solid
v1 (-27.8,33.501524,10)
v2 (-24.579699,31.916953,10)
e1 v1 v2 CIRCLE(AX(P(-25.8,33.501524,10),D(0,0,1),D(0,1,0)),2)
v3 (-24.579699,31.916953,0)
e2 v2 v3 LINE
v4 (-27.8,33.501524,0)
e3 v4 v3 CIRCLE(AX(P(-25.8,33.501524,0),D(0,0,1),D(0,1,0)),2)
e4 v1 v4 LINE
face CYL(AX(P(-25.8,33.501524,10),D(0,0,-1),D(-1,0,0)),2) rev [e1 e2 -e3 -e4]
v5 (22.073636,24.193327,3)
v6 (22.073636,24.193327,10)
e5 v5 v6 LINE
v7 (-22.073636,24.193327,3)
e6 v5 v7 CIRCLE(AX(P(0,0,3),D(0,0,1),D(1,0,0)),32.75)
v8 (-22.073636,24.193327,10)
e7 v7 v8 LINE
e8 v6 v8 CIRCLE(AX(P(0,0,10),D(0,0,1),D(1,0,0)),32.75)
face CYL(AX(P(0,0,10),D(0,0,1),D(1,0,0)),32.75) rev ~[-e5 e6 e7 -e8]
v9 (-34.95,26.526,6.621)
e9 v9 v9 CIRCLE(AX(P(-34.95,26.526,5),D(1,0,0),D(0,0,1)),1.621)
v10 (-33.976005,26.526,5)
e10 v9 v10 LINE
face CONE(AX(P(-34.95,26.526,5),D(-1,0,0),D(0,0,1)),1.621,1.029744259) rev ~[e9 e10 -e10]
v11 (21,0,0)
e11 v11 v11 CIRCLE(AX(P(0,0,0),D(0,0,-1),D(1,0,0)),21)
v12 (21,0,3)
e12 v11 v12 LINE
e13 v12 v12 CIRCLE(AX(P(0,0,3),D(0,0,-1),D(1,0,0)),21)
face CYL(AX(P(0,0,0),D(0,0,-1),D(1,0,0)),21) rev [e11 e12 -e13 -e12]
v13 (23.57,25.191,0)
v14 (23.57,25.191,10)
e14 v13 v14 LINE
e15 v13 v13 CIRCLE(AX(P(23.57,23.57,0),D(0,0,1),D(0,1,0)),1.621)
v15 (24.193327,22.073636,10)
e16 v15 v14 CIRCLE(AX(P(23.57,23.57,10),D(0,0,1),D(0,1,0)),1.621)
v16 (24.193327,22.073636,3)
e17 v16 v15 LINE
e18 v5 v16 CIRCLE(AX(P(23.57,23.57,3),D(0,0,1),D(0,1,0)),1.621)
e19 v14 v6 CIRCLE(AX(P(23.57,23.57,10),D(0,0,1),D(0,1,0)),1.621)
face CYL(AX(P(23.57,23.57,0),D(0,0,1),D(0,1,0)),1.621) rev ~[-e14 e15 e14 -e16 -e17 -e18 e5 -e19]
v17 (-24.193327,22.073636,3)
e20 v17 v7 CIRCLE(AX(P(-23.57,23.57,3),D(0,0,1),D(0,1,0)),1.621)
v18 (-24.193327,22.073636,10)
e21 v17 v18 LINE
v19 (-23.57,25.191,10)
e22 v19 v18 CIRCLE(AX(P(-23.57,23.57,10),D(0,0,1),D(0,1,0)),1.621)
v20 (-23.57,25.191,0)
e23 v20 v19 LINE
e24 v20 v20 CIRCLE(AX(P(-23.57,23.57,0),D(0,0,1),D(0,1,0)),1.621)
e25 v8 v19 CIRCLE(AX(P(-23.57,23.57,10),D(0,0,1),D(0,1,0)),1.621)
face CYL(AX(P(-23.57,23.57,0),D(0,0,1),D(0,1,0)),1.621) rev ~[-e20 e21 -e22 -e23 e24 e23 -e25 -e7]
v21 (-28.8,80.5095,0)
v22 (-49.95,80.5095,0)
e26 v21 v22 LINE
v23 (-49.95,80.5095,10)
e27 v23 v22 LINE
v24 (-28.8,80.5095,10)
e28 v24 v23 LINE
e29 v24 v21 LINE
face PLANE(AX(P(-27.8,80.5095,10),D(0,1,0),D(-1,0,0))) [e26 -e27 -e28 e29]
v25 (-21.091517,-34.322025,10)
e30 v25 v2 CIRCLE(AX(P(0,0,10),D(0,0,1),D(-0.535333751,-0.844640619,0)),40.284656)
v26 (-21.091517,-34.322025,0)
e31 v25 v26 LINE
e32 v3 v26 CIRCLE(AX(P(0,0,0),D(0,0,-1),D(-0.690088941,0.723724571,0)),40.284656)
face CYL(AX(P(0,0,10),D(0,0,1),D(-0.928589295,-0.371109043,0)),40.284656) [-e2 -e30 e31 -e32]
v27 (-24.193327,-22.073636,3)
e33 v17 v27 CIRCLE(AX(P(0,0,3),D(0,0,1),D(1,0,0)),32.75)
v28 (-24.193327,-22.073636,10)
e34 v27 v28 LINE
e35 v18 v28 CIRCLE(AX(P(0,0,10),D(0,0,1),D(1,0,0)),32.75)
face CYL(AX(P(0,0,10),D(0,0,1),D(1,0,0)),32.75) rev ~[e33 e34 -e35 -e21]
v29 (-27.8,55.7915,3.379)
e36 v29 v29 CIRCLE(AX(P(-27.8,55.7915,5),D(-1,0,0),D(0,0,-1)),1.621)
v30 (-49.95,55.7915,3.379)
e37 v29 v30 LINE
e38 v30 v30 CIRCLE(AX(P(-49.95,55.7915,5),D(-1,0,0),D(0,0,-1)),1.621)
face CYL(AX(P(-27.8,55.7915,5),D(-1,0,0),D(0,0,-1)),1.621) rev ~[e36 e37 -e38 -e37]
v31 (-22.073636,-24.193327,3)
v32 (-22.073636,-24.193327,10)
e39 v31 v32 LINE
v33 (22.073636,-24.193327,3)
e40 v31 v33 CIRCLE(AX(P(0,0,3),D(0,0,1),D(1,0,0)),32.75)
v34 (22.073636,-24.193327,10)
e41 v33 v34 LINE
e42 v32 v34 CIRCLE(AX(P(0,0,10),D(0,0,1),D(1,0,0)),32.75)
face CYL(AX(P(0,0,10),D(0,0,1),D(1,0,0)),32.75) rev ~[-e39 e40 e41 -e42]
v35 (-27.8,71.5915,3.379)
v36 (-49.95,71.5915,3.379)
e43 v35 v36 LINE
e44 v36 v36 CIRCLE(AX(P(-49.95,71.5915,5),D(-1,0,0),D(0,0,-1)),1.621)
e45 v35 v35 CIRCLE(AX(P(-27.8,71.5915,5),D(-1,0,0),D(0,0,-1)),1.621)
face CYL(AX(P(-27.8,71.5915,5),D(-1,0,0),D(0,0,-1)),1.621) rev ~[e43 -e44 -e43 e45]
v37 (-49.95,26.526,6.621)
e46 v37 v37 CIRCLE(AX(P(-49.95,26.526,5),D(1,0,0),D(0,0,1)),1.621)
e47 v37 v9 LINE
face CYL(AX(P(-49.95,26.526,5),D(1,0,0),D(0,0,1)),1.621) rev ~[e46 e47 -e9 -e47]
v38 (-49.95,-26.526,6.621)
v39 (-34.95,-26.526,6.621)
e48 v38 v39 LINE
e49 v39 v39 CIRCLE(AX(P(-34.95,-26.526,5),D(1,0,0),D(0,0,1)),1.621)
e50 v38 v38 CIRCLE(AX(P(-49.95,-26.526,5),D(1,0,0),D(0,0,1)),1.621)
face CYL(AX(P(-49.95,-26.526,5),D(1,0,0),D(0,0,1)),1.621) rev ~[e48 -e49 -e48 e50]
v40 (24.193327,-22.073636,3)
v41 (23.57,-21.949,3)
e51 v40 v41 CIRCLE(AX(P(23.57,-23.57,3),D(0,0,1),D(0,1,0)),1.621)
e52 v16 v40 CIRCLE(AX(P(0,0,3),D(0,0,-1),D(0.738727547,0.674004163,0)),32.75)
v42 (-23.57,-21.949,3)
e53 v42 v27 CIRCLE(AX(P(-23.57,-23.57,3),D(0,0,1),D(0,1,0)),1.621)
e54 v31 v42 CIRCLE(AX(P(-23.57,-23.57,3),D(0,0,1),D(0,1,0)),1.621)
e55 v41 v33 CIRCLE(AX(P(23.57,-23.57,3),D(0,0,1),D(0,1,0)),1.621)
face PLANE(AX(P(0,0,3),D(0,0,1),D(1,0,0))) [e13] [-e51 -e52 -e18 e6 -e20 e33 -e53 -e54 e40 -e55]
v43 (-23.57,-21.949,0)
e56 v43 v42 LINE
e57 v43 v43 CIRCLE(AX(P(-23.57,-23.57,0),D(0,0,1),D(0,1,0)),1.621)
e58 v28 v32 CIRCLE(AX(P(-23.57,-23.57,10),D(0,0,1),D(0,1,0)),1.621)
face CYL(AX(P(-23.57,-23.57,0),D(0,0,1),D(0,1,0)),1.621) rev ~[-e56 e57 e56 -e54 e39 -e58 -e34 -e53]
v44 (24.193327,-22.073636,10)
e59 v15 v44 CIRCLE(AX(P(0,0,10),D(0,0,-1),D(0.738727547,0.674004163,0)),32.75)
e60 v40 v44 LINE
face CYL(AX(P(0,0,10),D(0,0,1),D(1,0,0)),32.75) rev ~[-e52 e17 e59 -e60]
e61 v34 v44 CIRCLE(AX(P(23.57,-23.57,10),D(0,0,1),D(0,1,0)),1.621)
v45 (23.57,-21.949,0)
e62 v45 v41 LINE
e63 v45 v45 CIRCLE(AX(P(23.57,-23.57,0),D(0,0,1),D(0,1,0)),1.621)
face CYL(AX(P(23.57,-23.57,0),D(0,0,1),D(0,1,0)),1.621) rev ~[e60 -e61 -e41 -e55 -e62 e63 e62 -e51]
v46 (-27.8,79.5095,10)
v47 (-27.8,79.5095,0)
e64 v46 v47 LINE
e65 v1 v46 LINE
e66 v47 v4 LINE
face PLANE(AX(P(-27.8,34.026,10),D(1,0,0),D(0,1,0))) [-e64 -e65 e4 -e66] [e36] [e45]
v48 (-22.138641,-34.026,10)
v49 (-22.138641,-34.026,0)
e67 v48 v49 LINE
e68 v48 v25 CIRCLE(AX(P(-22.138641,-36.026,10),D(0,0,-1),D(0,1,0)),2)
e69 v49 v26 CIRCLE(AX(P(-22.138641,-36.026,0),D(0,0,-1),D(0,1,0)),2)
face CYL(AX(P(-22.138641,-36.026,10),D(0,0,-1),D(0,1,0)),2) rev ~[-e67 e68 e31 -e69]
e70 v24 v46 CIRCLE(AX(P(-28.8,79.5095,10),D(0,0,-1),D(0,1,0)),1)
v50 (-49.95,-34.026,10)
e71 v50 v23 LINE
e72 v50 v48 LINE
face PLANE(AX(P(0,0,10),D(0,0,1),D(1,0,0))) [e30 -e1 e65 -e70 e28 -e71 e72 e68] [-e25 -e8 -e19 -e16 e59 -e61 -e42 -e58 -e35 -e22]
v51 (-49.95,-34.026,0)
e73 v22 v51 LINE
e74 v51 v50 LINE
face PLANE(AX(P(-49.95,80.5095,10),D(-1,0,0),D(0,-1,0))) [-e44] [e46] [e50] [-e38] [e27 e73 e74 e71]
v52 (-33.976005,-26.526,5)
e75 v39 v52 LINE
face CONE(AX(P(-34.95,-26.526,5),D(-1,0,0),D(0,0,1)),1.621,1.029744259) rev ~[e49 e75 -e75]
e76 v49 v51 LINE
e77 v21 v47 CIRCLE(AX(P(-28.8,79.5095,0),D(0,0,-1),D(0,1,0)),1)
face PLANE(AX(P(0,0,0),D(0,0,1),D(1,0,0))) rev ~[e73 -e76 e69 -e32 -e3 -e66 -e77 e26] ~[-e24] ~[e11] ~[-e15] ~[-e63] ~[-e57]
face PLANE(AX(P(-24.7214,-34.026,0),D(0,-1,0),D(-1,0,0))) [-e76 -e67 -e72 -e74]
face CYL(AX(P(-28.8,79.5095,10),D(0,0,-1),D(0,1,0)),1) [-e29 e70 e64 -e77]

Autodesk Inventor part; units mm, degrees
ref_plane "YZ Plane" through (0, 0, 0) normal (1, 0, 0) x (0, 1, 0)
ref_plane "XZ Plane" through (0, 0, 0) normal (0, 1, 0) x (-1, 0, 0)
ref_plane "Work Plane1" through (0, 0, 0) normal (0, 0, 1) x (1, 0, 0)
sketch "Sketch1" plane through (0, 0, 0) normal (0, 0, 1) x (1, 0, 0)
  circle A0 centre (0, 0) radius 21 projected
  circle A1 centre (23.57, -23.57) radius 2 projected
  circle A2 centre (23.57, 23.57) radius 2 projected
  circle A3 centre (-23.57, -23.57) radius 2.5 projected
  circle A4 centre (-23.57, 23.57) radius 2 projected
  circle A5 centre (-23.57, -23.57) radius 2 projected
  circle A6 centre (0, 0) radius 19 projected
  circle A7 centre (-23.57, 23.57) radius 2.5 projected
  circle A8 centre (-23.57, -23.57) radius 2.5 projected
  arc A9 (-29.95, -24.95) -> (-24.95, -29.95) centre (-24.95, -24.95) ccw projected
  line L0 (24.95, -29.95) -> (-24.95, -29.95) projected
  arc A10 (24.95, -29.95) -> (29.95, -24.95) centre (24.95, -24.95) ccw projected
  line L1 (29.95, 24.95) -> (29.95, -24.95) projected
  arc A11 (29.95, 24.95) -> (24.95, 29.95) centre (24.95, 24.95) ccw projected
  line L2 (-24.95, 29.95) -> (24.95, 29.95) projected
  arc A12 (-24.95, 29.95) -> (-29.95, 24.95) centre (-24.95, 24.95) ccw projected
  line L3 (-29.95, -24.95) -> (-29.95, 24.95) projected
  circle A13 centre (23.57, -23.57) radius 2.5 projected
  circle A14 centre (23.57, 23.57) radius 2.5 projected
  line L4 (-49.95, -90) -> (-49.95, 90) projected
  line L5 (-59.95, -90) -> (-49.95, -90)
  line L6 (-59.95, 90) -> (-49.95, 90)
  line L7 (40.2846, 0) -> (-40.2846, 0)
  line L8 (-49.95, -90) -> (-49.95, 90) projected
  line L9 (-59.95, -90) -> (-49.95, -90)
  line L10 (-49.95, 35.5095) -> (-26.95, 35.5095) projected
  line L11 (-24.95, 29.95) -> (-49.95, 29.95)
  line L12 (-24.95, -29.95) -> (-49.95, -29.95)
  circle A15 centre (0, 0) radius 22
  line L13 (-32.95, 22) -> (-32.95, -22) projected
  line L14 (-30.95, -14.95) -> (-49.95, -14.95)
  line L15 (-30.95, 14.95) -> (-49.95, 14.95)
  line L16 (-30.95, -14.95) -> (-30.95, 14.95)
  line L17 (24.7214, -34.026) -> (0, -42.0585)
  line L18 (0, -42.0585) -> (-24.7214, -34.026)
  line L19 (-24.7214, -34.026) -> (-40, -12.9968)
  line L20 (-40, -12.9968) -> (-40, 12.9968)
  line L21 (-40, 12.9968) -> (-24.7214, 34.026)
  line L22 (-24.7214, 34.026) -> (0, 42.0585)
  line L23 (0, 42.0585) -> (24.7214, 34.026)
  line L24 (24.7214, 34.026) -> (40, 12.9968)
  line L25 (40, 12.9968) -> (40, -12.9968)
  line L26 (40, -12.9968) -> (24.7214, -34.026)
  line L27 (-24.7214, -34.026) -> (-49.95, -34.026)
  line L28 (-24.7214, 34.026) -> (-49.95, 34.026)
  arc A16 (-24.7214, -34.026) -> (-24.7214, 34.026) centre (0, 0) ccw projected
  line L29 (-24.7214, 34.026) -> (-27.8, 34.026) projected
  line L30 (-27.8, 34.026) -> (-27.8, 80.5095) projected
  line L31 (-27.8, 80.5095) -> (-49.95, 80.5095) projected
  line L32 (-49.95, 80.5095) -> (-49.95, 14.95) projected
  line L33 (-49.95, 14.95) -> (-35.95, 14.95) projected
  arc A17 (-30.95, 9.95) -> (-35.95, 14.95) centre (-35.95, 9.95) ccw projected
  line L34 (-30.95, 9.95) -> (-30.95, -9.95) projected
  arc A18 (-35.95, -14.95) -> (-30.95, -9.95) centre (-35.95, -9.95) ccw projected
  line L35 (-35.95, -14.95) -> (-49.95, -14.95) projected
  line L36 (-49.95, -14.95) -> (-49.95, -34.026) projected
  line L37 (-49.95, -34.026) -> (-24.7214, -34.026) projected
  circle A19 centre (15.9909, -0.539) radius 1.6 projected
  circle A20 centre (-11.6884, -10.9261) radius 2 projected
  circle A21 centre (11.6884, 10.9261) radius 2 projected
  circle A22 centre (10.9261, -11.6884) radius 2 projected
  circle A23 centre (-15.9909, 0.539) radius 1.6 projected
  circle A24 centre (-0.539, -15.9909) radius 1.6 projected
  circle A25 centre (0, 0) radius 12.5 projected
  circle A26 centre (0.539, 15.9909) radius 1.6 projected
  circle A27 centre (-10.9261, 11.6884) radius 2 projected
  point P0 (0, 0)
  point P1 (-23.2856, -45.1645)
  point P2 (-49.95, -75.9684)
  point P3 (-23.2856, 45.1645)
  point P4 (-49.95, -14.95)
  point P5 (-32.95, 13.95)
  point P6 (-32.95, 14.95)
  dimension "d9" = 1
  dimension "d10" = 15
  dimension "d11" = 15
  dimension "d12" = 1
  dimension "d13" = 40
extrude "Extrusion1" add sketch "Sketch1" along normal blind 10 contours L7 A15 A0 | A0 L7 A15 | A15 L7 L3 A12 L2 A11 L1 | L7 L1 A10 L0 A9 L3 A15 | L7 L25 L26 L17 L18 L19 L12 L0 A10 L1 | L1 A11 L2 L11 L21 L22 L23 L24 L25 L7 | L7 L16 L15 L21 L11 A12 L3 | L3 A9 L12 L19 L14 L16 L7 | L25 A16 | L16 A18 L13 L7 | L7 L13 A17 L16 | L24 A16 | A16 L26 | L13 A18 L14 L19 L20 L7 | L7 L20 L21 L15 A17 L13 | L16 L14 L13 A18 | A17 L13 L15 L16 | L23 A16 | A16 L17 | L19 L27 L4 L12 | L12 L4 L14 L19 | L21 L15 L4 L11 | L11 L4 L28 L21 | L20 L19 L14 L4 L15 L21 | A17 L15 L13 | L13 L14 A18 | L22 A16 | A16 L18 | A1 | A2 | A3 | A4 | A5 | A7 | A13 | A14
sketch "Sketch2" plane through (-49.95, -34.026, 0) normal (-1, 0, 0) x (0, 0, 1)
  line L0 (0, 68.0521) -> (0, 0) projected
  line L1 (0, 0) -> (10, 0) projected
  line L2 (10, 68.0521) -> (10, 0) projected
  line L3 (0, 68.0521) -> (0, 0) projected
  line L4 (10, 68.0521) -> (10, 0) projected
  line L5 (0, 68.0521) -> (10, 68.0521) projected
  line L6 (0, 0) -> (10, 0) projected
  line L7 (0, 68.0521) -> (10, 68.0521) projected
  point P0 (0, 34.026)
  point P1 (5, 7.5)
  point P2 (5, 60.5521)
  point P3 (5, 68.0521)
  point P4 (5, 19.076)
  dimension "d24" = 7.5
  dimension "d25" = 7.5
hole "Hole1" at (-49.95, 26.526, 5) at (-49.95, -26.526, 5) direction (1, 0, 0) diameter 3.242 depth 15 tip angle 118 thread size "M4x0.7" class "6H" standard "ISO Metric profile"
sketch "Sketch3" plane through (0, 0, 10) normal (0, 0, 1) x (1, 0, 0)
  arc A0 (-24.7214, -34.026) -> (-24.7214, 34.026) centre (0, 0) ccw projected
  line L0 (-24.7214, 34.026) -> (-27.8, 34.026) projected
  line L1 (-27.8, 34.026) -> (-27.8, 80.5095) projected
  line L2 (-27.8, 80.5095) -> (-49.95, 80.5095) projected
  line L3 (-49.95, 80.5095) -> (-49.95, 14.95) projected
  line L4 (-49.95, 14.95) -> (-35.95, 14.95) projected
  arc A1 (-30.95, 9.95) -> (-35.95, 14.95) centre (-35.95, 9.95) ccw projected
  line L5 (-30.95, 9.95) -> (-30.95, -9.95) projected
  arc A2 (-35.95, -14.95) -> (-30.95, -9.95) centre (-35.95, -9.95) ccw projected
  line L6 (-35.95, -14.95) -> (-49.95, -14.95) projected
  line L7 (-49.95, -14.95) -> (-49.95, -34.026) projected
  line L8 (-49.95, -34.026) -> (-24.7214, -34.026) projected
  circle A3 centre (15.9909, -0.539) radius 1.6 projected
  circle A4 centre (-11.6884, -10.9261) radius 2 projected
  circle A5 centre (11.6884, 10.9261) radius 2 projected
  circle A6 centre (10.9261, -11.6884) radius 2 projected
  circle A7 centre (-15.9909, 0.539) radius 1.6 projected
  circle A8 centre (-0.539, -15.9909) radius 1.6 projected
  circle A9 centre (0, 0) radius 12.5 projected
  circle A10 centre (0.539, 15.9909) radius 1.6 projected
  circle A11 centre (-10.9261, 11.6884) radius 2 projected
  circle A12 centre (0, 0) radius 19 projected
  circle A13 centre (-23.57, 23.57) radius 2.5 projected
  circle A14 centre (-23.57, -23.57) radius 2.5 projected
  arc A15 (-29.95, -24.95) -> (-24.95, -29.95) centre (-24.95, -24.95) ccw projected
  line L9 (24.95, -29.95) -> (-24.95, -29.95) projected
  arc A16 (24.95, -29.95) -> (29.95, -24.95) centre (24.95, -24.95) ccw projected
  line L10 (29.95, 24.95) -> (29.95, -24.95) projected
  arc A17 (29.95, 24.95) -> (24.95, 29.95) centre (24.95, 24.95) ccw projected
  line L11 (-24.95, 29.95) -> (24.95, 29.95) projected
  arc A18 (-24.95, 29.95) -> (-29.95, 24.95) centre (-24.95, 24.95) ccw projected
  line L12 (-29.95, -24.95) -> (-29.95, 24.95) projected
  circle A19 centre (23.57, -23.57) radius 2.5 projected
  circle A20 centre (23.57, 23.57) radius 2.5 projected
  arc A21 (-37.4079, -14.95) -> (-37.4079, 14.95) centre (0, 0) ccw
  line L13 (-27.8, 34.026) -> (-27.8, 29.155)
  line L14 (-49.95, -34.026) -> (-21.5657, -34.026)
  line L15 (-49.95, -34.026) -> (-24.7214, -34.026) projected
  point P0 (0, 0)
  point P1 (-24.7214, -34.026)
extrude "Extrusion2" cut sketch "Sketch3" against normal blind 10 contours L14 A21 L13 L0 A0
sketch "Sketch4" plane through (0, 0, 10) normal (0, 0, 1) x (1, 0, 0)
  arc A0 (-24.7214, -34.026) -> (-24.7214, 34.026) centre (0, 0) ccw projected
  line L0 (-24.7214, 34.026) -> (-27.8, 34.026) projected
  line L1 (-27.8, 34.026) -> (-27.8, 80.5095) projected
  line L2 (-27.8, 80.5095) -> (-49.95, 80.5095) projected
  line L3 (-49.95, 80.5095) -> (-49.95, 14.95) projected
  line L4 (-49.95, 14.95) -> (-35.95, 14.95) projected
  arc A1 (-30.95, 9.95) -> (-35.95, 14.95) centre (-35.95, 9.95) ccw projected
  line L5 (-30.95, 9.95) -> (-30.95, -9.95) projected
  arc A2 (-35.95, -14.95) -> (-30.95, -9.95) centre (-35.95, -9.95) ccw projected
  line L6 (-35.95, -14.95) -> (-49.95, -14.95) projected
  line L7 (-49.95, -14.95) -> (-49.95, -34.026) projected
  line L8 (-49.95, -34.026) -> (-24.7214, -34.026) projected
  circle A3 centre (15.9909, -0.539) radius 1.6 projected
  circle A4 centre (-11.6884, -10.9261) radius 2 projected
  circle A5 centre (11.6884, 10.9261) radius 2 projected
  circle A6 centre (10.9261, -11.6884) radius 2 projected
  circle A7 centre (-15.9909, 0.539) radius 1.6 projected
  circle A8 centre (-0.539, -15.9909) radius 1.6 projected
  circle A9 centre (0, 0) radius 12.5 projected
  circle A10 centre (0.539, 15.9909) radius 1.6 projected
  circle A11 centre (-10.9261, 11.6884) radius 2 projected
  line L9 (-49.95, -90) -> (-49.95, 90) projected
  line L10 (-59.95, 90) -> (-49.95, 90)
  line L11 (-49.95, -90) -> (-49.95, 90) projected
  line L12 (-27.8, 29.155) -> (-27.8, 34.026) projected
  line L13 (-27.8, 34.026) -> (-49.95, 34.026) projected
  line L14 (-49.95, 34.026) -> (-49.95, -34.026) projected
  line L15 (-49.95, -34.026) -> (-21.5657, -34.026) projected
  arc A12 (-21.5657, -34.026) -> (-27.8, 29.155) centre (0, 0) ccw projected
  circle A13 centre (0, 0) radius 21 projected
  point P0 (0, 0)
extrude "Extrusion3" add sketch "Sketch4" against normal blind 10 contours L13 L3 L2 L1
fillet "Fillet1" radius 2 2 edges at (-27.8, 29.155, 5) (-21.5657, -34.026, 5)
fillet "Fillet2" radius 1 1 edges at (-27.8, 80.5095, 5)
sketch "Sketch5" plane through (-27.8, 33.5015, 10) normal (1, 0, 0) x (0, 0, -1)
  arc A0 (8, 9.19) -> (10, 11.19) centre (8, 11.19) ccw projected
  line L0 (10, 49.19) -> (10, 11.19) projected
  arc A1 (10, 49.19) -> (8, 51.19) centre (8, 49.19) ccw projected
  line L1 (-60.5, 51.19) -> (8, 51.19) projected
  arc A2 (-60.5, 51.19) -> (-62.5, 49.19) centre (-60.5, 49.19) ccw projected
  line L2 (-62.5, 11.19) -> (-62.5, 49.19) projected
  arc A3 (-62.5, 11.19) -> (-60.5, 9.19) centre (-60.5, 11.19) ccw projected
  line L3 (8, 9.19) -> (-60.5, 9.19) projected
  circle A4 centre (-26.25, 30.19) radius 12.6 projected
  circle A5 centre (-26.25, 14.19) radius 2 projected
  arc A6 (-59.6, 14.79) -> (-55.4, 14.79) centre (-57.5, 14.79) ccw projected
  line L4 (-59.6, 45.59) -> (-59.6, 14.79) projected
  arc A7 (-55.4, 45.59) -> (-59.6, 45.59) centre (-57.5, 45.59) ccw projected
  line L5 (-55.4, 14.79) -> (-55.4, 45.59) projected
  circle A8 centre (-42.25, 30.19) radius 2 projected
  circle A9 centre (-37.5637, 18.8763) radius 1.5 projected
  circle A10 centre (-37.5637, 41.5037) radius 1.5 projected
  circle A11 centre (-14.9363, 18.8763) radius 1.5 projected
  arc A12 (7.1, 45.59) -> (2.9, 45.59) centre (5, 45.59) ccw projected
  line L6 (7.1, 14.79) -> (7.1, 45.59) projected
  arc A13 (2.9, 14.79) -> (7.1, 14.79) centre (5, 14.79) ccw projected
  line L7 (2.9, 45.59) -> (2.9, 14.79) projected
  circle A14 centre (-10.25, 30.19) radius 2 projected
  circle A15 centre (-14.9363, 41.5037) radius 1.5 projected
  circle A16 centre (-26.25, 46.19) radius 2 projected
  circle A17 centre (-57.5, 11.46) radius 1.621 projected
  circle A18 centre (-57.5, 26.86) radius 1.621 projected
  arc A19 (8, 9.19) -> (10, 11.19) centre (8, 11.19) ccw projected
  line L8 (10, 49.19) -> (10, 11.19) projected
  arc A20 (10, 49.19) -> (8, 51.19) centre (8, 49.19) ccw projected
  line L9 (-60.5, 51.19) -> (8, 51.19) projected
  arc A21 (-60.5, 51.19) -> (-62.5, 49.19) centre (-60.5, 49.19) ccw projected
  line L10 (-62.5, 11.19) -> (-62.5, 49.19) projected
  arc A22 (-62.5, 11.19) -> (-60.5, 9.19) centre (-60.5, 11.19) ccw projected
  line L11 (8, 9.19) -> (-60.5, 9.19) projected
  circle A23 centre (-26.25, 30.19) radius 12.6 projected
  circle A24 centre (-26.25, 14.19) radius 2 projected
  arc A25 (-59.6, 14.79) -> (-55.4, 14.79) centre (-57.5, 14.79) ccw projected
  line L12 (-59.6, 45.59) -> (-59.6, 14.79) projected
  arc A26 (-55.4, 45.59) -> (-59.6, 45.59) centre (-57.5, 45.59) ccw projected
  line L13 (-55.4, 14.79) -> (-55.4, 45.59) projected
  circle A27 centre (-42.25, 30.19) radius 2 projected
  circle A28 centre (-37.5637, 18.8763) radius 1.5 projected
  circle A29 centre (-37.5637, 41.5037) radius 1.5 projected
  circle A30 centre (-14.9363, 18.8763) radius 1.5 projected
  arc A31 (7.1, 45.59) -> (2.9, 45.59) centre (5, 45.59) ccw projected
  line L14 (7.1, 14.79) -> (7.1, 45.59) projected
  arc A32 (2.9, 14.79) -> (7.1, 14.79) centre (5, 14.79) ccw projected
  line L15 (2.9, 45.59) -> (2.9, 14.79) projected
  circle A33 centre (-10.25, 30.19) radius 2 projected
  circle A34 centre (-14.9363, 41.5037) radius 1.5 projected
  circle A35 centre (-26.25, 46.19) radius 2 projected
  arc A36 (8, 9.19) -> (10, 11.19) centre (8, 11.19) ccw projected
  line L16 (10, 49.19) -> (10, 11.19) projected
  arc A37 (10, 49.19) -> (8, 51.19) centre (8, 49.19) ccw projected
  line L17 (-60.5, 51.19) -> (8, 51.19) projected
  arc A38 (-60.5, 51.19) -> (-62.5, 49.19) centre (-60.5, 49.19) ccw projected
  line L18 (-62.5, 11.19) -> (-62.5, 49.19) projected
  arc A39 (-62.5, 11.19) -> (-60.5, 9.19) centre (-60.5, 11.19) ccw projected
  line L19 (8, 9.19) -> (-60.5, 9.19) projected
  circle A40 centre (-26.25, 30.19) radius 12.6 projected
  circle A41 centre (-26.25, 14.19) radius 2 projected
  arc A42 (-59.6, 14.79) -> (-55.4, 14.79) centre (-57.5, 14.79) ccw projected
  line L20 (-59.6, 45.59) -> (-59.6, 14.79) projected
  arc A43 (-55.4, 45.59) -> (-59.6, 45.59) centre (-57.5, 45.59) ccw projected
  line L21 (-55.4, 14.79) -> (-55.4, 45.59) projected
  circle A44 centre (-42.25, 30.19) radius 2 projected
  circle A45 centre (-37.5637, 18.8763) radius 1.5 projected
  circle A46 centre (-37.5637, 41.5037) radius 1.5 projected
  circle A47 centre (-14.9363, 18.8763) radius 1.5 projected
  arc A48 (7.1, 45.59) -> (2.9, 45.59) centre (5, 45.59) ccw projected
  line L22 (7.1, 14.79) -> (7.1, 45.59) projected
  arc A49 (2.9, 14.79) -> (7.1, 14.79) centre (5, 14.79) ccw projected
  line L23 (2.9, 45.59) -> (2.9, 14.79) projected
  circle A50 centre (-10.25, 30.19) radius 2 projected
  circle A51 centre (-14.9363, 41.5037) radius 1.5 projected
  circle A52 centre (-26.25, 46.19) radius 2 projected
  point P0 (10, -33.5015)
  point P1 (5, 22.29)
  point P2 (5, 38.09)
  dimension "d47" = 7.5
  dimension "d48" = 7.5
hole "Hole2" at (-27.8, 55.7915, 5) at (-27.8, 71.5915, 5) direction (-1, 0, 0) diameter 3.242 depth 22.15 thread size "M4x0.7" class "6H" standard "ISO Metric profile"
sketch "Sketch7" plane through (0, 0, 10) normal (0, 0, 1) x (1, 0, 0)
  circle A0 centre (0, 0) radius 32.75
  dimension "d49" = 65.5
extrude "Extrusion5" cut sketch "Sketch7" against normal blind 7
sketch "Sketch10" plane through (0, 0, 0) normal (0, 0, -1) x (-1, 0, 0)
  point P0 (0, 0)
  point P1 (-23.57, -23.57)
  point P2 (-23.57, 23.57)
  point P3 (23.57, 23.57)
  point P4 (23.57, -23.57)
hole "Hole3" at (23.57, -23.57, 0) at (23.57, 23.57, 0) at (-23.57, 23.57, 0) at (-23.57, -23.57, 0) direction (0, 0, 1) diameter 3.242 depth 12 tip angle 118 thread size "M4x0.7" class "6H" standard "ISO Metric profile"
equation "\"d11\" = d10"
equation "\"d25\" = d24"
equation "\"d48\" = d47"
properties part number "base frame achterkant 10 mm" material "Aluminum 6061"
